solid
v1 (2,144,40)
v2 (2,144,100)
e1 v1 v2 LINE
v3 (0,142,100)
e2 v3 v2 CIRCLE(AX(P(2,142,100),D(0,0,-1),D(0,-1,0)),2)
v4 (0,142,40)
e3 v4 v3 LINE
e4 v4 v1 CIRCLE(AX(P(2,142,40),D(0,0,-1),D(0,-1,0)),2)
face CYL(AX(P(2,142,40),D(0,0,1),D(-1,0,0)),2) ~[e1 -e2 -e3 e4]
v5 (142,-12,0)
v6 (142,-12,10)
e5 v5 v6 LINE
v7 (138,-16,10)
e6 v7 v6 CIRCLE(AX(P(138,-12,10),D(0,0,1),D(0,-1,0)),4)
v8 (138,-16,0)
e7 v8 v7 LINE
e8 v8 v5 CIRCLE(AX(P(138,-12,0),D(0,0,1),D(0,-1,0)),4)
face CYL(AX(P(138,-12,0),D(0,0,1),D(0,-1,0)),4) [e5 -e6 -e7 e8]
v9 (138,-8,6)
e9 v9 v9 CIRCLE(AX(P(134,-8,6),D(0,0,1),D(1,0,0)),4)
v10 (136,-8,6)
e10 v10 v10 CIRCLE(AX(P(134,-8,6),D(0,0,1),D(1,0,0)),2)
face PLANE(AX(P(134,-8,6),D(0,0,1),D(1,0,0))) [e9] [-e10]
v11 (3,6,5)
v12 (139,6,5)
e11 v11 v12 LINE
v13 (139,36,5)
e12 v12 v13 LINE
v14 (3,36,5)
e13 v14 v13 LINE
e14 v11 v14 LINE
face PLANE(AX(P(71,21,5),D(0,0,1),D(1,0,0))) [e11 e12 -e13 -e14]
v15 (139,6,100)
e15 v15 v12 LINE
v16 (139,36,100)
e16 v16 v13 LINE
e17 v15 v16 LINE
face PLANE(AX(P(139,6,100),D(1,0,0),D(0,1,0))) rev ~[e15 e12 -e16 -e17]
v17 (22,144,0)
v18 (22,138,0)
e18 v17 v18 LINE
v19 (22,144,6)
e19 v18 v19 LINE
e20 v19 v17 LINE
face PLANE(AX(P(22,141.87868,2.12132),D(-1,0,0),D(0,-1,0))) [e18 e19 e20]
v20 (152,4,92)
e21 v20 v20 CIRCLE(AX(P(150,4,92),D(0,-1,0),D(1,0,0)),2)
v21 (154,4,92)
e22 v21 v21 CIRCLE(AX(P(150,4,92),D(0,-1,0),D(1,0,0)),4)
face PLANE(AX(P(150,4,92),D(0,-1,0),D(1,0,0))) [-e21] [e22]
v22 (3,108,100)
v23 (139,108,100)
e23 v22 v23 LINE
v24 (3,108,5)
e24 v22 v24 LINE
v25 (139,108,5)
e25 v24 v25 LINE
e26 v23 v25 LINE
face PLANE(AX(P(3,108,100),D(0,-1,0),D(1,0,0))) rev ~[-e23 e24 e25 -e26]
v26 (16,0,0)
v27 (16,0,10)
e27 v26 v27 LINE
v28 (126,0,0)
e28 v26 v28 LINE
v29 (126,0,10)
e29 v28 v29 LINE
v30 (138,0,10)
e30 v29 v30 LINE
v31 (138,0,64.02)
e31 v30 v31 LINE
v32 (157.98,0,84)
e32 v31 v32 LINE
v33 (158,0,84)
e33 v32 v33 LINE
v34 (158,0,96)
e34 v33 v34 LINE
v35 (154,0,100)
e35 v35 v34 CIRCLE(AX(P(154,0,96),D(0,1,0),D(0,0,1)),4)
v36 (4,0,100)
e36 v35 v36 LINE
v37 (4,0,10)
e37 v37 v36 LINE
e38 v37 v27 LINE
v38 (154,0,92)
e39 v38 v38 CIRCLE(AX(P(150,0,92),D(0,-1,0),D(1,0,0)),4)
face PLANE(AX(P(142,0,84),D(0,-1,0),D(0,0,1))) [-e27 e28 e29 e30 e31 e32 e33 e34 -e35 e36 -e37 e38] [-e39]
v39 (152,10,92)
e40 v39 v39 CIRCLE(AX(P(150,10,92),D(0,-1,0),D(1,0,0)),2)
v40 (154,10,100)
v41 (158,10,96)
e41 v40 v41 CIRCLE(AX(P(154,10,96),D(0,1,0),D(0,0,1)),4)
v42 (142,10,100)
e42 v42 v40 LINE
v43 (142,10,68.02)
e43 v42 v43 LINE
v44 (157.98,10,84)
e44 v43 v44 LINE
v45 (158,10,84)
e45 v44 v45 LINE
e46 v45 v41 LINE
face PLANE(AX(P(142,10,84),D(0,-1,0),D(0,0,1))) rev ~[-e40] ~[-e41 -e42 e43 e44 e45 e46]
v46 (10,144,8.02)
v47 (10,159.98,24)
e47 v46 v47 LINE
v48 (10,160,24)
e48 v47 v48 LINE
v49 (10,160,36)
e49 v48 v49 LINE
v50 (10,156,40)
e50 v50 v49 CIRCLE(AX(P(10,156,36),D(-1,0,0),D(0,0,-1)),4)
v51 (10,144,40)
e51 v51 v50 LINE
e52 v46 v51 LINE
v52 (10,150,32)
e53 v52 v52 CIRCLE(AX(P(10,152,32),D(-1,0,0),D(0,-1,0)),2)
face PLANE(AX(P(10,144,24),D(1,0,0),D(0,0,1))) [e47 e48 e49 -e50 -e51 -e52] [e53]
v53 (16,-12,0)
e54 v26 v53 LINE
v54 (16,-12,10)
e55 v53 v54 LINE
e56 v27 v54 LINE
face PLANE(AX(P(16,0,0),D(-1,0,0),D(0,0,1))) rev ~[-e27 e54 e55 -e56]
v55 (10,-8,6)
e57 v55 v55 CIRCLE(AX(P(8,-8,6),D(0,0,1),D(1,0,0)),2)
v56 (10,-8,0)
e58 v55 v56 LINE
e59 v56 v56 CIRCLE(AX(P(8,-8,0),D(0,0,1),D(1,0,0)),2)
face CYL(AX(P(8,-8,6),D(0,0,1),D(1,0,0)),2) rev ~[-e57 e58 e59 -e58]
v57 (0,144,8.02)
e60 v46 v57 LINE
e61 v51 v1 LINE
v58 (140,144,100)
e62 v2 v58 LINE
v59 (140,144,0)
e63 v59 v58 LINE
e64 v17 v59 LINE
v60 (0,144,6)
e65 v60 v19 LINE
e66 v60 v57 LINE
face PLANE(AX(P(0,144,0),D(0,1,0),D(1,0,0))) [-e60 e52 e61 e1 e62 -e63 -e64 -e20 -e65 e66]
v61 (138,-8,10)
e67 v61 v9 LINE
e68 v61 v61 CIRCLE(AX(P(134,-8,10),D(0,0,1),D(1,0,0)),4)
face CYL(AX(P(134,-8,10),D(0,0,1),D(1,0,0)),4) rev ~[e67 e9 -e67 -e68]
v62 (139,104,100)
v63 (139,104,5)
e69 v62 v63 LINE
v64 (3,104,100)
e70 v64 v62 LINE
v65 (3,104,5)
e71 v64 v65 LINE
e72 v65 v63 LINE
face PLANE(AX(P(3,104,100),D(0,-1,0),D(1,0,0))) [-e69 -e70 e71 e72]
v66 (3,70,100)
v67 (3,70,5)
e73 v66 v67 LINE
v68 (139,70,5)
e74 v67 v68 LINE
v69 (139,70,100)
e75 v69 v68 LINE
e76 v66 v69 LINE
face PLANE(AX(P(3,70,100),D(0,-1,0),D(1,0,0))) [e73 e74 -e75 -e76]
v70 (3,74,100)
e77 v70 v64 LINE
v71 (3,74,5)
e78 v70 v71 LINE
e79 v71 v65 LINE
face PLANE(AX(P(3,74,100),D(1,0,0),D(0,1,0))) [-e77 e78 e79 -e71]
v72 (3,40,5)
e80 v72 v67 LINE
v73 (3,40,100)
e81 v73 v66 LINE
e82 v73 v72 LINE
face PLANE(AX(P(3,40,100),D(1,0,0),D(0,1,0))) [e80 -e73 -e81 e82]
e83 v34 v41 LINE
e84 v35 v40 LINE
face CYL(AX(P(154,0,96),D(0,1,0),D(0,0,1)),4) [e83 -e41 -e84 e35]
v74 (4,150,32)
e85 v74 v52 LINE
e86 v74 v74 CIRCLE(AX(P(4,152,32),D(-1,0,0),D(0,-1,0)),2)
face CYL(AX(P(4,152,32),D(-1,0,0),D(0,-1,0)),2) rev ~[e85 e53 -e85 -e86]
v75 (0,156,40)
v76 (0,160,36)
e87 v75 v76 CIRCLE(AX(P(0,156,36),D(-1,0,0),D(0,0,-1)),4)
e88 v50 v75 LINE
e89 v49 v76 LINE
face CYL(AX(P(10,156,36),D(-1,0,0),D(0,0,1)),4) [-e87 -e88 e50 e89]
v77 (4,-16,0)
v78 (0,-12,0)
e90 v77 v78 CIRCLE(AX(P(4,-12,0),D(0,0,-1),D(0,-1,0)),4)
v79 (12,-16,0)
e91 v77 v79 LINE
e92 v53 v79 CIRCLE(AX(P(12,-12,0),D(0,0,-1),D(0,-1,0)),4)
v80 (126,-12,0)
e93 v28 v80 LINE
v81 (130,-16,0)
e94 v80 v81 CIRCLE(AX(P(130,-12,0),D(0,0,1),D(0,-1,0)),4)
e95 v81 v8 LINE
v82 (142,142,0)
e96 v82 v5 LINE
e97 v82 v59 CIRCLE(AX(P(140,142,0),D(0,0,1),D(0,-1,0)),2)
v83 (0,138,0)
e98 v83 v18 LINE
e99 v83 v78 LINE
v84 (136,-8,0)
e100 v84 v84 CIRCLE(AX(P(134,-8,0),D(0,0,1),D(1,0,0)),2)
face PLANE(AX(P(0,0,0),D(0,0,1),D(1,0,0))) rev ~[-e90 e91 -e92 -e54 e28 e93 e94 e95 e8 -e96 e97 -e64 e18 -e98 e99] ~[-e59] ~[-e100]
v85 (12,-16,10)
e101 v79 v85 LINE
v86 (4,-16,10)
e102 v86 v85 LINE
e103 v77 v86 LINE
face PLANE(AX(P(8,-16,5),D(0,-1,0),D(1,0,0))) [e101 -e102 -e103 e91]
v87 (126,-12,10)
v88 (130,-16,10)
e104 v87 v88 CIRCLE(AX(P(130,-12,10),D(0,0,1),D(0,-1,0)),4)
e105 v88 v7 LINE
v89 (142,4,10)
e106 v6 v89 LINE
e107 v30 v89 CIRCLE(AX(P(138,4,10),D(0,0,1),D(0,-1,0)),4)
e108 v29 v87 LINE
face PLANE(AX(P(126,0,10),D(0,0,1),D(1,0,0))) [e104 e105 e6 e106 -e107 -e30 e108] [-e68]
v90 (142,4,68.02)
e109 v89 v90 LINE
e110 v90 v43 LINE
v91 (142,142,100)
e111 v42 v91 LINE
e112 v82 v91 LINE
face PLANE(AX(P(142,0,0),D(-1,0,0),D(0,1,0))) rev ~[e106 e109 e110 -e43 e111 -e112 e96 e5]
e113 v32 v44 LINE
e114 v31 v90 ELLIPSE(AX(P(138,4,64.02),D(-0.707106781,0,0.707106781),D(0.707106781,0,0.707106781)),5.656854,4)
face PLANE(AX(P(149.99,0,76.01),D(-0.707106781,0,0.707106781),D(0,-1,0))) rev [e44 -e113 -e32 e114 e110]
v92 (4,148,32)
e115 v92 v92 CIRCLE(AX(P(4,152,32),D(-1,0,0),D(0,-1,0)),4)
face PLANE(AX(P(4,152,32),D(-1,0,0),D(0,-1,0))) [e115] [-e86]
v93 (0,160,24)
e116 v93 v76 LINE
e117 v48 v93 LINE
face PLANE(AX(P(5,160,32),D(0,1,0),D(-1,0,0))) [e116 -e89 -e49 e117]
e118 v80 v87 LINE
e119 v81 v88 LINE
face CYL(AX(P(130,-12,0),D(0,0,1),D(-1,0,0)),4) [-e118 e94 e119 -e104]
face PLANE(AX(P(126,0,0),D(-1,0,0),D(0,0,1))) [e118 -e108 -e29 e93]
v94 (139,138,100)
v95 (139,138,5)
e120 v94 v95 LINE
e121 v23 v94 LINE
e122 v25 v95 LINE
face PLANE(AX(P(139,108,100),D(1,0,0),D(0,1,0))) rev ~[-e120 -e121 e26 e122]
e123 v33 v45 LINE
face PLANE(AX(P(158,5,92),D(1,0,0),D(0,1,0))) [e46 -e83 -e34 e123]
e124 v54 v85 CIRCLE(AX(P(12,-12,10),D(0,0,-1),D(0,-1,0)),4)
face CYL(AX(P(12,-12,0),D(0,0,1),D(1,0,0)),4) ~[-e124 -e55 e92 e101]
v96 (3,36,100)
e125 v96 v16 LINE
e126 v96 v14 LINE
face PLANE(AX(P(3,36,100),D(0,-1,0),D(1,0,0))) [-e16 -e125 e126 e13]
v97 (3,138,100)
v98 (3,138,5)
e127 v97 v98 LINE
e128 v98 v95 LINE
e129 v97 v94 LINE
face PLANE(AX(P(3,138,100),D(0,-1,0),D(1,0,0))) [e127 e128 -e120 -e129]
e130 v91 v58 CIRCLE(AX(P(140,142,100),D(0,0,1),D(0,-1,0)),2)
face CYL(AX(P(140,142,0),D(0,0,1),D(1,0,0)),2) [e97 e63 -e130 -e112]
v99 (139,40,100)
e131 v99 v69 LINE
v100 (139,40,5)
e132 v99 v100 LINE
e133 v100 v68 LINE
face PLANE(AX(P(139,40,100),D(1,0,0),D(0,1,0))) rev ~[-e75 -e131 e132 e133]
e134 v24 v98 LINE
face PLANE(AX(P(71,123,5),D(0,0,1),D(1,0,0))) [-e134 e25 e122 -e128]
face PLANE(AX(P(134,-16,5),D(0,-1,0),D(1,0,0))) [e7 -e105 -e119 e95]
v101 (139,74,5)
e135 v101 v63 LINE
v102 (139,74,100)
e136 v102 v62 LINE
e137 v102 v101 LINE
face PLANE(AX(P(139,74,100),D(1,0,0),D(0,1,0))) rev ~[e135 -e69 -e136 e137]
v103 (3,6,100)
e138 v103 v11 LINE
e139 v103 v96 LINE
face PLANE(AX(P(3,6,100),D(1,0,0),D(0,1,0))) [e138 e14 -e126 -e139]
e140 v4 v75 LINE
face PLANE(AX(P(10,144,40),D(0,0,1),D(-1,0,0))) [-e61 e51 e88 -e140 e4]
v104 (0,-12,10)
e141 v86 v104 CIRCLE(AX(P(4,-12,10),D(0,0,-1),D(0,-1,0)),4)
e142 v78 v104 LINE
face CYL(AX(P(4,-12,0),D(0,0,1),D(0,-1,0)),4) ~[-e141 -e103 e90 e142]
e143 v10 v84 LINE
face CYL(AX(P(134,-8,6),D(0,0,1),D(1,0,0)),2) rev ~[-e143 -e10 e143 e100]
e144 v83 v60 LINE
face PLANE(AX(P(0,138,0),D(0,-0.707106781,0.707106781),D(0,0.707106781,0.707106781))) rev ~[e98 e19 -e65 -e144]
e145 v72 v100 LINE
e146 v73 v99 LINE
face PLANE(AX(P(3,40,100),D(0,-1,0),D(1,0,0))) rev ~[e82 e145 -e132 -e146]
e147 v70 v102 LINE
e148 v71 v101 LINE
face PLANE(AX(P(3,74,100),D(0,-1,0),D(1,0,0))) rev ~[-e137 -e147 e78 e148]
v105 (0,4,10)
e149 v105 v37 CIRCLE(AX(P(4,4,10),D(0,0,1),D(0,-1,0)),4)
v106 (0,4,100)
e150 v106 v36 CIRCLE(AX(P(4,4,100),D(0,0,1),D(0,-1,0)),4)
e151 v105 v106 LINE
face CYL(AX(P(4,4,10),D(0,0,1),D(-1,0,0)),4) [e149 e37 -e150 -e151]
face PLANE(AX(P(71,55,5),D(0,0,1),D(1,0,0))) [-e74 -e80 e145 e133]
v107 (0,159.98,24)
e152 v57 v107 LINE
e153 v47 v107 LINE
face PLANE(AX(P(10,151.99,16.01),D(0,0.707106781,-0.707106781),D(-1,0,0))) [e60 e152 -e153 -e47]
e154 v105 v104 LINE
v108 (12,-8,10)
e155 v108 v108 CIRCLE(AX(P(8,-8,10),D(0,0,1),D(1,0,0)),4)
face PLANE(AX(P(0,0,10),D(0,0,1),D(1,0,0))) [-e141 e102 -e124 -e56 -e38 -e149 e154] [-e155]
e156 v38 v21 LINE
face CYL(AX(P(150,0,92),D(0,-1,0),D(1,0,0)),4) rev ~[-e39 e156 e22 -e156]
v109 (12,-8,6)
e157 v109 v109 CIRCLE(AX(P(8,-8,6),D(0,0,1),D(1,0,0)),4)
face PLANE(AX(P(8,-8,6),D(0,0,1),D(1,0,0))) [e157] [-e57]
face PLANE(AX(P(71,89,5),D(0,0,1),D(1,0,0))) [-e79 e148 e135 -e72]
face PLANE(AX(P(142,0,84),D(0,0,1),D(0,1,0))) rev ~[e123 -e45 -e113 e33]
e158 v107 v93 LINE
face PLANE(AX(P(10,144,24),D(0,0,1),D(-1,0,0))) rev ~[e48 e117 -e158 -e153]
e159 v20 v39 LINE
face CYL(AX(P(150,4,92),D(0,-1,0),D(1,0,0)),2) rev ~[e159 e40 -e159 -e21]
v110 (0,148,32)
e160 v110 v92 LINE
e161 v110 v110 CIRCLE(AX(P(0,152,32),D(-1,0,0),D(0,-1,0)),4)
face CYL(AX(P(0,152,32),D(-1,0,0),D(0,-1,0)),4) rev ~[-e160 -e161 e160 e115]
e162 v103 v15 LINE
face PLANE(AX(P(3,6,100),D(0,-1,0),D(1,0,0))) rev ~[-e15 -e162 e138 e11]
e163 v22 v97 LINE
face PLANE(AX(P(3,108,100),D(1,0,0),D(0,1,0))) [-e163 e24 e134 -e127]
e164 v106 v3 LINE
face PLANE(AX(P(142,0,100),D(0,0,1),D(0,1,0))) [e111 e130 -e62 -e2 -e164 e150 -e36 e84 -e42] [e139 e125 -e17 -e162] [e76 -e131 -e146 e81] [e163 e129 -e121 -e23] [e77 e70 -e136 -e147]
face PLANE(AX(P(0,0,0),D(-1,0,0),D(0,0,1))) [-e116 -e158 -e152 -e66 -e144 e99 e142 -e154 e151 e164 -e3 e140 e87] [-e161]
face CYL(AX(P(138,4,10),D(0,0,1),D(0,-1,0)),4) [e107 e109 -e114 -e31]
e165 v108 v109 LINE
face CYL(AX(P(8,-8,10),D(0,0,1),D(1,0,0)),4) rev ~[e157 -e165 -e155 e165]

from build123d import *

# Parameters (mm, degrees)
SKETCH_W        = 142
SKETCH_H        = 144
PAD_DEPTH       = 100
SKETCH001_W     = 136
SKETCH001_H     = 30
POCKET_DEPTH    = 95
SKETCH002_W     = 10
SKETCH002_H     = 16
PAD001_DEPTH    = 16
SKETCH003_R     = 4
POCKET001_DEPTH = 4
SKETCH004_R     = 2
POCKET002_DEPTH = 6
SKETCH005_W     = 16
SKETCH005_H     = 10
PAD002_DEPTH    = 16
SKETCH006_R     = 4
POCKET003_DEPTH = 4
SKETCH007_R     = 2
POCKET004_DEPTH = 6
POCKET005_DEPTH = 22
SKETCH009_W     = 10
SKETCH009_H     = 16
PAD003_DEPTH    = 16
SKETCH010_R     = 4
POCKET006_DEPTH = 4
SKETCH011_R     = 2
POCKET007_DEPTH = 6
CHAMFER_SIZE    = 15.98
CHAMFER001_SIZE = 15.98
FILLET_R        = 4
FILLET001_R     = 4
FILLET002_R     = 4
FILLET003_R     = 4
FILLET004_R     = 2
FILLET005_R     = 2
FILLET006_R     = 4


with BuildPart() as part:
    # Sketch → Pad (new body)
    with BuildSketch(Plane.XY):
        with Locations((71, 72)):
            Rectangle(SKETCH_W, SKETCH_H)
    extrude(amount=PAD_DEPTH)

    # Sketch001 (on Face6 of Pad) → Pocket (cut)
    with BuildSketch(Plane.XY.offset(100)):
        with Locations((71, 123)):
            Rectangle(SKETCH001_W, SKETCH001_H)
        with Locations((71, 89)):
            Rectangle(SKETCH001_W, SKETCH001_H)
        with Locations((71, 55)):
            Rectangle(SKETCH001_W, SKETCH001_H)
        with Locations((71, 21)):
            Rectangle(SKETCH001_W, SKETCH001_H)
    extrude(amount=-POCKET_DEPTH, mode=Mode.SUBTRACT)

    # Sketch002 (on Face1 of Pocket) → Pad001 (join)
    with BuildSketch(Plane(origin=(0, 144, 0), x_dir=(-1, 0, 0), z_dir=(0, 1, 0))):
        with Locations((-5, 32)):
            Rectangle(SKETCH002_W, SKETCH002_H)
    extrude(amount=PAD001_DEPTH)

    # Sketch003 (on Face10 of Pad001) → Pocket001 (cut)
    with BuildSketch(Plane(origin=(0, 0, 0), x_dir=(0, -1, 0), z_dir=(-1, 0, 0))):
        with Locations((-152, 32)):
            Circle(SKETCH003_R)
    extrude(amount=-POCKET001_DEPTH, mode=Mode.SUBTRACT)

    # Sketch004 (on Face33 of Pocket001) → Pocket002 (cut)
    with BuildSketch(Plane(origin=(4, 0, 0), x_dir=(0, -1, 0), z_dir=(-1, 0, 0))):
        with Locations((-152, 32)):
            Circle(SKETCH004_R)
    extrude(amount=-POCKET002_DEPTH, mode=Mode.SUBTRACT)

    # Sketch005 (on Face4 of Pocket002) → Pad002 (join)
    with BuildSketch(Plane.XZ):
        with Locations((8, 5)):
            Rectangle(SKETCH005_W, SKETCH005_H)
        with Locations((134, 5)):
            Rectangle(SKETCH005_W, SKETCH005_H)
    extrude(amount=PAD002_DEPTH)

    # Sketch006 (on Face38 of Pad002) → Pocket003 (cut)
    with BuildSketch(Plane.XY.offset(10)):
        with Locations((8, -8)):
            Circle(SKETCH006_R)
        with Locations((134, -8)):
            Circle(SKETCH006_R)
    extrude(amount=-POCKET003_DEPTH, mode=Mode.SUBTRACT)

    # Sketch007 (on Face48 of Pocket003) → Pocket004 (cut)
    with BuildSketch(Plane.XY.offset(6)):
        with Locations((8, -8)):
            Circle(SKETCH007_R)
        with Locations((134, -8)):
            Circle(SKETCH007_R)
    extrude(amount=-POCKET004_DEPTH, mode=Mode.SUBTRACT)

    # Sketch008 (on Face5 of Pocket004) → Pocket005 (cut)
    with BuildSketch(Plane(origin=(0, 0, 0), x_dir=(0, -1, 0), z_dir=(-1, 0, 0))):
        Polygon((-144, 6), (-144, 0), (-138, 0), align=None)
    extrude(amount=-POCKET005_DEPTH, mode=Mode.SUBTRACT)

    # Sketch009 (on Face3 of Pocket005) → Pad003 (join)
    with BuildSketch(Plane.YZ.offset(142)):
        with Locations((5, 92)):
            Rectangle(SKETCH009_W, SKETCH009_H)
    extrude(amount=PAD003_DEPTH)

    # Sketch010 (on Face42 of Pad003) → Pocket006 (cut)
    with BuildSketch(Plane.XZ):
        with Locations((150, 92)):
            Circle(SKETCH010_R)
    extrude(amount=-POCKET006_DEPTH, mode=Mode.SUBTRACT)

    # Sketch011 (on Face59 of Pocket006) → Pocket007 (cut)
    with BuildSketch(Plane.XZ.offset(-4)):
        with Locations((150, 92)):
            Circle(SKETCH011_R)
    extrude(amount=-POCKET007_DEPTH, mode=Mode.SUBTRACT)

    # Chamfer
    chamfer_edges = [part.edges().sort_by_distance(p)[0] for p in [
        (5, 144, 24),
    ]]
    chamfer(chamfer_edges, length=CHAMFER_SIZE)

    # Chamfer001
    chamfer001_edges = [part.edges().sort_by_distance(p)[0] for p in [
        (142, 5, 84),
    ]]
    chamfer(chamfer001_edges, length=CHAMFER001_SIZE)

    # Fillet
    fillet_edges = [part.edges().sort_by_distance(p)[0] for p in [
        (0, 0, 55),
    ]]
    fillet(fillet_edges, radius=FILLET_R)

    # Fillet001
    fillet001_edges = [part.edges().sort_by_distance(p)[0] for p in [
        (142, -16, 5),
        (126, -16, 5),
        (16, -16, 5),
        (0, -16, 5),
    ]]
    fillet(fillet001_edges, radius=FILLET001_R)

    # Fillet002
    fillet002_edges = [part.edges().sort_by_distance(p)[0] for p in [
        (142, 0, 39.01),
    ]]
    fillet(fillet002_edges, radius=FILLET002_R)

    # Fillet003
    fillet003_edges = [part.edges().sort_by_distance(p)[0] for p in [
        (158, 5, 100),
    ]]
    fillet(fillet003_edges, radius=FILLET003_R)

    # Fillet004
    fillet004_edges = [part.edges().sort_by_distance(p)[0] for p in [
        (0, 144, 70),
    ]]
    fillet(fillet004_edges, radius=FILLET004_R)

    # Fillet005
    fillet005_edges = [part.edges().sort_by_distance(p)[0] for p in [
        (142, 144, 50),
    ]]
    fillet(fillet005_edges, radius=FILLET005_R)

    # Fillet006
    fillet006_edges = [part.edges().sort_by_distance(p)[0] for p in [
        (5, 160, 40),
    ]]
    fillet(fillet006_edges, radius=FILLET006_R)


solid = part.part
